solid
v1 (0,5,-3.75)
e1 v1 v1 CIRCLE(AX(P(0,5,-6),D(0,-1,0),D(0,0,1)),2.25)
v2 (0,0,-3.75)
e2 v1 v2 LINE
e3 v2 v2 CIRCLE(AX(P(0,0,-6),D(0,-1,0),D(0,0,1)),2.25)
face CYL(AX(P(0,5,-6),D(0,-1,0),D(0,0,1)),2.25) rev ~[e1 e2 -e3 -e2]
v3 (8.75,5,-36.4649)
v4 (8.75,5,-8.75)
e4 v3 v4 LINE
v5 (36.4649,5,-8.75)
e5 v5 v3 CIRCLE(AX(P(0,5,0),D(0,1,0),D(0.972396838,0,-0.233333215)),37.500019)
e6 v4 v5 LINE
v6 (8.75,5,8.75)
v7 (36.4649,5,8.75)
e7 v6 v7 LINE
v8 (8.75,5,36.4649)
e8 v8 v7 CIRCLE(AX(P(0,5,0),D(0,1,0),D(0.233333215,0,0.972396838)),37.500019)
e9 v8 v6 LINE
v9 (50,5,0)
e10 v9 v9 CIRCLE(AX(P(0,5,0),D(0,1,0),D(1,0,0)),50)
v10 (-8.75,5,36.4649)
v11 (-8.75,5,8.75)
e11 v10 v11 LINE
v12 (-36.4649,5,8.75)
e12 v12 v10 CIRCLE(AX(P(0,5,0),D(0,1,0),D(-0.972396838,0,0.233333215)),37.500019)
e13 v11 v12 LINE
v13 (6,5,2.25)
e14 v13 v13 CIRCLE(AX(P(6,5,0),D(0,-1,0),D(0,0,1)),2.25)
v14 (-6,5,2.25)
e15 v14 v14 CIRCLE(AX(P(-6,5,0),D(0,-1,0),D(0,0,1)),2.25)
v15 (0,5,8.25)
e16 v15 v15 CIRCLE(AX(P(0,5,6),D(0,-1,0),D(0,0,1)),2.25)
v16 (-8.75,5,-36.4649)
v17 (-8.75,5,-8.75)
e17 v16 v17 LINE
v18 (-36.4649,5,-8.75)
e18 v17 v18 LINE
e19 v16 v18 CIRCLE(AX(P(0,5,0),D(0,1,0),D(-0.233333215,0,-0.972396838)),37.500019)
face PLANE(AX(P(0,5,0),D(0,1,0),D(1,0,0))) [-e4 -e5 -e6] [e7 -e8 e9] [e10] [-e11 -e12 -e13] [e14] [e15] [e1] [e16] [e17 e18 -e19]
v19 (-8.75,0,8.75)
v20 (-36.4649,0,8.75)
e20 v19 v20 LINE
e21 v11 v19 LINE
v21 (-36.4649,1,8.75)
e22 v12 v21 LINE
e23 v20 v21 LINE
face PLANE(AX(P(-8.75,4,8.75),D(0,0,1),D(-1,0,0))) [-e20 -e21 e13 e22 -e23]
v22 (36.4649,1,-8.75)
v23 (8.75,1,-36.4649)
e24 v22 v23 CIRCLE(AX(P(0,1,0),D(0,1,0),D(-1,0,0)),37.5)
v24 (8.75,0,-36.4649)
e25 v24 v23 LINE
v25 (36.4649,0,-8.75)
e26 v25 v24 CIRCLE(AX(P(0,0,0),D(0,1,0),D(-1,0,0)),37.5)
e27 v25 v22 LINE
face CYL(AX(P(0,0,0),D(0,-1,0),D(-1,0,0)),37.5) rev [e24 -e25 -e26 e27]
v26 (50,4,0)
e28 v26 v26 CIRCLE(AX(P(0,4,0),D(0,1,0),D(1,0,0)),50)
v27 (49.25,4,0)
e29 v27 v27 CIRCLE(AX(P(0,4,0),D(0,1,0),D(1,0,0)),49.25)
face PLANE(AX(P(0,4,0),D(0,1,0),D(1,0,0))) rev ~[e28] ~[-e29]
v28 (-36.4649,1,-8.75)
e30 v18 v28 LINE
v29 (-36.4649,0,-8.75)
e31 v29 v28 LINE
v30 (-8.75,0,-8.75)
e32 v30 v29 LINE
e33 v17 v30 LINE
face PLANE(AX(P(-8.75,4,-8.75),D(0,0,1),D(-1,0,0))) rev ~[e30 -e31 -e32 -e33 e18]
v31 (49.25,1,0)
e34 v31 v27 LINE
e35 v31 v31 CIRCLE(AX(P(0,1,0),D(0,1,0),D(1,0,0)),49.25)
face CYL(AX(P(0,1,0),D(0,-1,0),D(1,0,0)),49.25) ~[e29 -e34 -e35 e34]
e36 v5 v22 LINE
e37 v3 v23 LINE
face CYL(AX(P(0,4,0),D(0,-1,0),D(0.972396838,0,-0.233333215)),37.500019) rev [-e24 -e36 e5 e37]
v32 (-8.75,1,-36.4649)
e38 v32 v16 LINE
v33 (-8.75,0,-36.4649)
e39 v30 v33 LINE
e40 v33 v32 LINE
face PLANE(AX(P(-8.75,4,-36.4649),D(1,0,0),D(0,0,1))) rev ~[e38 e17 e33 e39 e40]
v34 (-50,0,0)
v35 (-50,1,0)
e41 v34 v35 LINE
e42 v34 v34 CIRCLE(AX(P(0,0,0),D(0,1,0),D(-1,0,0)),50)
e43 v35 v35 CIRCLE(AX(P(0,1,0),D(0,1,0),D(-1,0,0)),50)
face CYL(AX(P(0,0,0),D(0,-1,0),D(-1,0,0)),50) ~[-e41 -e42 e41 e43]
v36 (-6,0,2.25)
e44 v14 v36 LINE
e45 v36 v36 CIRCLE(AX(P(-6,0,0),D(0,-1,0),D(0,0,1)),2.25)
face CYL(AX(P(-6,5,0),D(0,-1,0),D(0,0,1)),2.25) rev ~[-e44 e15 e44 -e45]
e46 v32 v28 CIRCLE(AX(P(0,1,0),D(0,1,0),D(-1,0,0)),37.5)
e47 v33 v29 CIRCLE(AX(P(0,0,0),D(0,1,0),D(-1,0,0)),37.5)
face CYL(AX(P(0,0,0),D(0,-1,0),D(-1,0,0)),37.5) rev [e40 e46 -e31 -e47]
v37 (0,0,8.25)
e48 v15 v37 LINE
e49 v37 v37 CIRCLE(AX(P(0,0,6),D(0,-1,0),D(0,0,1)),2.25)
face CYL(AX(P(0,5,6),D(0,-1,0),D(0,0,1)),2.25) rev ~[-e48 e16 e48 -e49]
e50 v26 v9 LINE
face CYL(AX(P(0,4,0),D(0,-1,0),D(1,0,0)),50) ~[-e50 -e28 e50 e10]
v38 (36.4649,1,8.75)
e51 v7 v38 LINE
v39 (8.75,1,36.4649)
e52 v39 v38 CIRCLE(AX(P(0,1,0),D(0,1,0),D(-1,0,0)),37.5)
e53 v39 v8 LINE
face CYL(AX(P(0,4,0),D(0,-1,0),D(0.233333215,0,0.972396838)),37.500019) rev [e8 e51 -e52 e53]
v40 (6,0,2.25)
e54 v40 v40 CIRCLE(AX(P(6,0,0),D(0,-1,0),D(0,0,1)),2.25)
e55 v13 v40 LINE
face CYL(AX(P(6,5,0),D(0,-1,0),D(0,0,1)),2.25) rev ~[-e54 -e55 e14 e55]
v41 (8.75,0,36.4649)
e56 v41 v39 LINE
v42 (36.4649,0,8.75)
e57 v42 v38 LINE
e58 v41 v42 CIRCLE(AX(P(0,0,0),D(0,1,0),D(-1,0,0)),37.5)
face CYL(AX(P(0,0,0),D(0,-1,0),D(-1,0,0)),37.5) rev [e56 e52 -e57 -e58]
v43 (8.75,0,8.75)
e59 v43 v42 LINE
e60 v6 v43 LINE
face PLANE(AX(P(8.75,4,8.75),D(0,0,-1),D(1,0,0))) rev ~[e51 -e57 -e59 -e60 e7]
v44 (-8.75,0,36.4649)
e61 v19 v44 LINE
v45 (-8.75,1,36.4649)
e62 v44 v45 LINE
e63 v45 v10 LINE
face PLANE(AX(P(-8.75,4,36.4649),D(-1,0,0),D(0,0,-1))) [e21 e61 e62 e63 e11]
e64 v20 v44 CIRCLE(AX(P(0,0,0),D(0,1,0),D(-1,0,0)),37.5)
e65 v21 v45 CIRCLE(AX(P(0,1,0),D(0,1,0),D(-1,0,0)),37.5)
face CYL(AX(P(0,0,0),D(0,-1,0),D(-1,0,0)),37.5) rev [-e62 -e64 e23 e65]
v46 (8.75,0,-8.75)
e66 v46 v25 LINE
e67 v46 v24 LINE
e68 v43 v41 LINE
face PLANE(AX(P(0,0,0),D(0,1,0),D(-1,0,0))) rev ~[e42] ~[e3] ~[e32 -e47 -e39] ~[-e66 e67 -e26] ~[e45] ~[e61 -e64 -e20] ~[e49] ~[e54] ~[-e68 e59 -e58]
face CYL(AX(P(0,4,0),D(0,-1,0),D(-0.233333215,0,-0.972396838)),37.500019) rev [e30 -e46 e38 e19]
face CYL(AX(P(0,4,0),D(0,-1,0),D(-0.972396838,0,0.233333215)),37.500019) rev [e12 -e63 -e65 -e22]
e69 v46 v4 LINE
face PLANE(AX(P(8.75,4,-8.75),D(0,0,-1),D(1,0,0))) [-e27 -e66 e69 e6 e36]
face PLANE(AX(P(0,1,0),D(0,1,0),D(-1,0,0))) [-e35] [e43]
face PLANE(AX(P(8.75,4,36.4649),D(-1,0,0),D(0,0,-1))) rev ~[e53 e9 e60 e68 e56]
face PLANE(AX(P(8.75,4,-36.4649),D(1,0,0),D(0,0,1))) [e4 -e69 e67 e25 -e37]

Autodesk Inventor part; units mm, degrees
ref_plane "YZ Plane" through (0, 0, 0) normal (1, 0, 0) x (0, 1, 0)
ref_plane "XZ Plane" through (0, 0, 0) normal (0, 1, 0) x (-1, 0, 0)
ref_plane "XY Plane" through (0, 0, 0) normal (0, 0, 1) x (1, 0, 0)
sketch "Sketch1" plane through (0, 0, 0) normal (0, 1, 0) x (-1, 0, 0)
  circle A0 centre (0, 0) radius 50
  circle A1 centre (0, 0) radius 37.5
  circle A2 centre (0, 0) radius 8.75
  line L0 (37.5, 0) -> (42.141, 0) construction
  line L1 (8.75, -8.75) -> (36.4649, -8.75)
  line L2 (-8.75, -8.75) -> (-36.4649, -8.75)
  line L3 (-8.75, -8.75) -> (-8.75, -36.4649)
  line L4 (8.75, -8.75) -> (8.75, -36.4649)
  line L5 (8.75, 8.75) -> (36.4649, 8.75)
  line L6 (-8.75, 8.75) -> (-36.4649, 8.75)
  line L7 (-8.75, 8.75) -> (-8.75, 36.4649)
  line L8 (8.75, 8.75) -> (8.75, 36.4649)
  dimension "d1" = 75
  dimension "d0" = 100
  dimension "d2" = 17.5
extrude "Extrusion1" add sketch "Sketch1" along normal blind 1 contours A0 | A1 L1 L4 L3 L2 L6 L7 L8 L5 | A2
sketch "Sketch6" plane through (0, 1, 0) normal (0, 1, 0) x (1, 0, 0)
  circle A0 centre (0, 0) radius 49.25
  line L0 (-36.4649, -8.75) -> (-8.75, -8.75) projected
  line L1 (-8.6444, -8.75) -> (-36.4649, -8.75)
  arc A1 (-36.4649, -8.75) -> (-8.75, -36.4649) centre (0, 0) ccw projected
  line L2 (-36.4649, -8.75) -> (-36.4649, -8.75)
  line L3 (-8.75, -36.4649) -> (-8.75, -8.75) projected
  line L4 (-8.75, -8.75) -> (-8.75, -36.4649)
  arc A2 (-36.4649, -8.75) -> (-8.75, -36.4649) centre (0, 0) ccw
  line L5 (0, 0) -> (0, -21.0072)
  line L6 (0, 0) -> (-15.0352, 0)
  line L7 (36.4649, -8.75) -> (8.75, -8.75)
  arc A3 (8.75, -36.4649) -> (36.4649, -8.75) centre (0, 0) ccw
  line L8 (8.75, -36.4649) -> (8.75, -8.75)
  line L9 (-36.4649, 8.75) -> (-8.75, 8.75)
  arc A4 (-8.75, 36.4649) -> (-36.4649, 8.75) centre (0, 0) ccw
  line L10 (-8.75, 36.4649) -> (-8.75, 8.75)
  arc A5 (36.4649, 8.75) -> (8.75, 36.4649) centre (0, 0) ccw
  line L11 (36.4649, 8.75) -> (8.75, 8.75)
  line L12 (8.75, 36.4649) -> (8.75, 8.75)
  dimension "d33" = 98.5
extrude "Extrusion3" add sketch "Sketch6" along normal blind 3
sketch "Sketch7" plane through (0, 4, 0) normal (0, 1, 0) x (1, 0, 0)
  circle A0 centre (0, 0) radius 50
  line L0 (-8.75, -36.4649) -> (-8.75, -8.75) projected
  arc A1 (-36.4649, -8.75) -> (-8.75, -36.4649) centre (0, 0) ccw projected
  line L1 (-8.75, -8.75) -> (-36.4649, -8.75)
  line L2 (-8.75, -8.75) -> (-8.75, -36.4649)
  arc A2 (-36.4649, -8.75) -> (-8.75, -36.4649) centre (0, 0) ccw
  line L3 (0, 0) -> (0, -13.8921)
  line L4 (0, 0) -> (-12.1262, 0)
  line L5 (8.75, -36.4649) -> (8.75, -8.75)
  arc A3 (8.75, -36.4649) -> (36.4649, -8.75) centre (0, 0) ccw
  line L6 (8.75, -8.75) -> (36.4649, -8.75)
  line L7 (-8.75, 36.4649) -> (-8.75, 8.75)
  arc A4 (-8.75, 36.4649) -> (-36.4649, 8.75) centre (0, 0) ccw
  line L8 (-8.75, 8.75) -> (-36.4649, 8.75)
  line L9 (8.75, 8.75) -> (36.4649, 8.75)
  arc A5 (36.4649, 8.75) -> (8.75, 36.4649) centre (0, 0) ccw
  line L10 (8.75, 36.4649) -> (8.75, 8.75)
  dimension "d37" = 100
extrude "Extrusion4" add sketch "Sketch7" along normal blind 1
sketch "Sketch8" plane through (0, 5, 0) normal (0, 1, 0) x (1, 0, 0)
  circle A0 centre (0, 6) radius 2.25
  line L0 (0, 0) -> (-6, 0)
  line L1 (0, 0) -> (0, -5.6539)
  circle A1 centre (0, -6) radius 2.25
  circle A2 centre (-6, 0) radius 2.25
  circle A3 centre (6, 0) radius 2.25
  dimension "d40" = 4.5
  dimension "d41" = 6
  dimension "d42" = 4.5
  dimension "d43" = 6
hole "Hole2" at (0, 5, 6) at (-6, 5, 0) at (0, 5, -6) at (6, 5, 0) direction (0, -1, 0) diameter 4.5 end through all
properties part number "wheel"
